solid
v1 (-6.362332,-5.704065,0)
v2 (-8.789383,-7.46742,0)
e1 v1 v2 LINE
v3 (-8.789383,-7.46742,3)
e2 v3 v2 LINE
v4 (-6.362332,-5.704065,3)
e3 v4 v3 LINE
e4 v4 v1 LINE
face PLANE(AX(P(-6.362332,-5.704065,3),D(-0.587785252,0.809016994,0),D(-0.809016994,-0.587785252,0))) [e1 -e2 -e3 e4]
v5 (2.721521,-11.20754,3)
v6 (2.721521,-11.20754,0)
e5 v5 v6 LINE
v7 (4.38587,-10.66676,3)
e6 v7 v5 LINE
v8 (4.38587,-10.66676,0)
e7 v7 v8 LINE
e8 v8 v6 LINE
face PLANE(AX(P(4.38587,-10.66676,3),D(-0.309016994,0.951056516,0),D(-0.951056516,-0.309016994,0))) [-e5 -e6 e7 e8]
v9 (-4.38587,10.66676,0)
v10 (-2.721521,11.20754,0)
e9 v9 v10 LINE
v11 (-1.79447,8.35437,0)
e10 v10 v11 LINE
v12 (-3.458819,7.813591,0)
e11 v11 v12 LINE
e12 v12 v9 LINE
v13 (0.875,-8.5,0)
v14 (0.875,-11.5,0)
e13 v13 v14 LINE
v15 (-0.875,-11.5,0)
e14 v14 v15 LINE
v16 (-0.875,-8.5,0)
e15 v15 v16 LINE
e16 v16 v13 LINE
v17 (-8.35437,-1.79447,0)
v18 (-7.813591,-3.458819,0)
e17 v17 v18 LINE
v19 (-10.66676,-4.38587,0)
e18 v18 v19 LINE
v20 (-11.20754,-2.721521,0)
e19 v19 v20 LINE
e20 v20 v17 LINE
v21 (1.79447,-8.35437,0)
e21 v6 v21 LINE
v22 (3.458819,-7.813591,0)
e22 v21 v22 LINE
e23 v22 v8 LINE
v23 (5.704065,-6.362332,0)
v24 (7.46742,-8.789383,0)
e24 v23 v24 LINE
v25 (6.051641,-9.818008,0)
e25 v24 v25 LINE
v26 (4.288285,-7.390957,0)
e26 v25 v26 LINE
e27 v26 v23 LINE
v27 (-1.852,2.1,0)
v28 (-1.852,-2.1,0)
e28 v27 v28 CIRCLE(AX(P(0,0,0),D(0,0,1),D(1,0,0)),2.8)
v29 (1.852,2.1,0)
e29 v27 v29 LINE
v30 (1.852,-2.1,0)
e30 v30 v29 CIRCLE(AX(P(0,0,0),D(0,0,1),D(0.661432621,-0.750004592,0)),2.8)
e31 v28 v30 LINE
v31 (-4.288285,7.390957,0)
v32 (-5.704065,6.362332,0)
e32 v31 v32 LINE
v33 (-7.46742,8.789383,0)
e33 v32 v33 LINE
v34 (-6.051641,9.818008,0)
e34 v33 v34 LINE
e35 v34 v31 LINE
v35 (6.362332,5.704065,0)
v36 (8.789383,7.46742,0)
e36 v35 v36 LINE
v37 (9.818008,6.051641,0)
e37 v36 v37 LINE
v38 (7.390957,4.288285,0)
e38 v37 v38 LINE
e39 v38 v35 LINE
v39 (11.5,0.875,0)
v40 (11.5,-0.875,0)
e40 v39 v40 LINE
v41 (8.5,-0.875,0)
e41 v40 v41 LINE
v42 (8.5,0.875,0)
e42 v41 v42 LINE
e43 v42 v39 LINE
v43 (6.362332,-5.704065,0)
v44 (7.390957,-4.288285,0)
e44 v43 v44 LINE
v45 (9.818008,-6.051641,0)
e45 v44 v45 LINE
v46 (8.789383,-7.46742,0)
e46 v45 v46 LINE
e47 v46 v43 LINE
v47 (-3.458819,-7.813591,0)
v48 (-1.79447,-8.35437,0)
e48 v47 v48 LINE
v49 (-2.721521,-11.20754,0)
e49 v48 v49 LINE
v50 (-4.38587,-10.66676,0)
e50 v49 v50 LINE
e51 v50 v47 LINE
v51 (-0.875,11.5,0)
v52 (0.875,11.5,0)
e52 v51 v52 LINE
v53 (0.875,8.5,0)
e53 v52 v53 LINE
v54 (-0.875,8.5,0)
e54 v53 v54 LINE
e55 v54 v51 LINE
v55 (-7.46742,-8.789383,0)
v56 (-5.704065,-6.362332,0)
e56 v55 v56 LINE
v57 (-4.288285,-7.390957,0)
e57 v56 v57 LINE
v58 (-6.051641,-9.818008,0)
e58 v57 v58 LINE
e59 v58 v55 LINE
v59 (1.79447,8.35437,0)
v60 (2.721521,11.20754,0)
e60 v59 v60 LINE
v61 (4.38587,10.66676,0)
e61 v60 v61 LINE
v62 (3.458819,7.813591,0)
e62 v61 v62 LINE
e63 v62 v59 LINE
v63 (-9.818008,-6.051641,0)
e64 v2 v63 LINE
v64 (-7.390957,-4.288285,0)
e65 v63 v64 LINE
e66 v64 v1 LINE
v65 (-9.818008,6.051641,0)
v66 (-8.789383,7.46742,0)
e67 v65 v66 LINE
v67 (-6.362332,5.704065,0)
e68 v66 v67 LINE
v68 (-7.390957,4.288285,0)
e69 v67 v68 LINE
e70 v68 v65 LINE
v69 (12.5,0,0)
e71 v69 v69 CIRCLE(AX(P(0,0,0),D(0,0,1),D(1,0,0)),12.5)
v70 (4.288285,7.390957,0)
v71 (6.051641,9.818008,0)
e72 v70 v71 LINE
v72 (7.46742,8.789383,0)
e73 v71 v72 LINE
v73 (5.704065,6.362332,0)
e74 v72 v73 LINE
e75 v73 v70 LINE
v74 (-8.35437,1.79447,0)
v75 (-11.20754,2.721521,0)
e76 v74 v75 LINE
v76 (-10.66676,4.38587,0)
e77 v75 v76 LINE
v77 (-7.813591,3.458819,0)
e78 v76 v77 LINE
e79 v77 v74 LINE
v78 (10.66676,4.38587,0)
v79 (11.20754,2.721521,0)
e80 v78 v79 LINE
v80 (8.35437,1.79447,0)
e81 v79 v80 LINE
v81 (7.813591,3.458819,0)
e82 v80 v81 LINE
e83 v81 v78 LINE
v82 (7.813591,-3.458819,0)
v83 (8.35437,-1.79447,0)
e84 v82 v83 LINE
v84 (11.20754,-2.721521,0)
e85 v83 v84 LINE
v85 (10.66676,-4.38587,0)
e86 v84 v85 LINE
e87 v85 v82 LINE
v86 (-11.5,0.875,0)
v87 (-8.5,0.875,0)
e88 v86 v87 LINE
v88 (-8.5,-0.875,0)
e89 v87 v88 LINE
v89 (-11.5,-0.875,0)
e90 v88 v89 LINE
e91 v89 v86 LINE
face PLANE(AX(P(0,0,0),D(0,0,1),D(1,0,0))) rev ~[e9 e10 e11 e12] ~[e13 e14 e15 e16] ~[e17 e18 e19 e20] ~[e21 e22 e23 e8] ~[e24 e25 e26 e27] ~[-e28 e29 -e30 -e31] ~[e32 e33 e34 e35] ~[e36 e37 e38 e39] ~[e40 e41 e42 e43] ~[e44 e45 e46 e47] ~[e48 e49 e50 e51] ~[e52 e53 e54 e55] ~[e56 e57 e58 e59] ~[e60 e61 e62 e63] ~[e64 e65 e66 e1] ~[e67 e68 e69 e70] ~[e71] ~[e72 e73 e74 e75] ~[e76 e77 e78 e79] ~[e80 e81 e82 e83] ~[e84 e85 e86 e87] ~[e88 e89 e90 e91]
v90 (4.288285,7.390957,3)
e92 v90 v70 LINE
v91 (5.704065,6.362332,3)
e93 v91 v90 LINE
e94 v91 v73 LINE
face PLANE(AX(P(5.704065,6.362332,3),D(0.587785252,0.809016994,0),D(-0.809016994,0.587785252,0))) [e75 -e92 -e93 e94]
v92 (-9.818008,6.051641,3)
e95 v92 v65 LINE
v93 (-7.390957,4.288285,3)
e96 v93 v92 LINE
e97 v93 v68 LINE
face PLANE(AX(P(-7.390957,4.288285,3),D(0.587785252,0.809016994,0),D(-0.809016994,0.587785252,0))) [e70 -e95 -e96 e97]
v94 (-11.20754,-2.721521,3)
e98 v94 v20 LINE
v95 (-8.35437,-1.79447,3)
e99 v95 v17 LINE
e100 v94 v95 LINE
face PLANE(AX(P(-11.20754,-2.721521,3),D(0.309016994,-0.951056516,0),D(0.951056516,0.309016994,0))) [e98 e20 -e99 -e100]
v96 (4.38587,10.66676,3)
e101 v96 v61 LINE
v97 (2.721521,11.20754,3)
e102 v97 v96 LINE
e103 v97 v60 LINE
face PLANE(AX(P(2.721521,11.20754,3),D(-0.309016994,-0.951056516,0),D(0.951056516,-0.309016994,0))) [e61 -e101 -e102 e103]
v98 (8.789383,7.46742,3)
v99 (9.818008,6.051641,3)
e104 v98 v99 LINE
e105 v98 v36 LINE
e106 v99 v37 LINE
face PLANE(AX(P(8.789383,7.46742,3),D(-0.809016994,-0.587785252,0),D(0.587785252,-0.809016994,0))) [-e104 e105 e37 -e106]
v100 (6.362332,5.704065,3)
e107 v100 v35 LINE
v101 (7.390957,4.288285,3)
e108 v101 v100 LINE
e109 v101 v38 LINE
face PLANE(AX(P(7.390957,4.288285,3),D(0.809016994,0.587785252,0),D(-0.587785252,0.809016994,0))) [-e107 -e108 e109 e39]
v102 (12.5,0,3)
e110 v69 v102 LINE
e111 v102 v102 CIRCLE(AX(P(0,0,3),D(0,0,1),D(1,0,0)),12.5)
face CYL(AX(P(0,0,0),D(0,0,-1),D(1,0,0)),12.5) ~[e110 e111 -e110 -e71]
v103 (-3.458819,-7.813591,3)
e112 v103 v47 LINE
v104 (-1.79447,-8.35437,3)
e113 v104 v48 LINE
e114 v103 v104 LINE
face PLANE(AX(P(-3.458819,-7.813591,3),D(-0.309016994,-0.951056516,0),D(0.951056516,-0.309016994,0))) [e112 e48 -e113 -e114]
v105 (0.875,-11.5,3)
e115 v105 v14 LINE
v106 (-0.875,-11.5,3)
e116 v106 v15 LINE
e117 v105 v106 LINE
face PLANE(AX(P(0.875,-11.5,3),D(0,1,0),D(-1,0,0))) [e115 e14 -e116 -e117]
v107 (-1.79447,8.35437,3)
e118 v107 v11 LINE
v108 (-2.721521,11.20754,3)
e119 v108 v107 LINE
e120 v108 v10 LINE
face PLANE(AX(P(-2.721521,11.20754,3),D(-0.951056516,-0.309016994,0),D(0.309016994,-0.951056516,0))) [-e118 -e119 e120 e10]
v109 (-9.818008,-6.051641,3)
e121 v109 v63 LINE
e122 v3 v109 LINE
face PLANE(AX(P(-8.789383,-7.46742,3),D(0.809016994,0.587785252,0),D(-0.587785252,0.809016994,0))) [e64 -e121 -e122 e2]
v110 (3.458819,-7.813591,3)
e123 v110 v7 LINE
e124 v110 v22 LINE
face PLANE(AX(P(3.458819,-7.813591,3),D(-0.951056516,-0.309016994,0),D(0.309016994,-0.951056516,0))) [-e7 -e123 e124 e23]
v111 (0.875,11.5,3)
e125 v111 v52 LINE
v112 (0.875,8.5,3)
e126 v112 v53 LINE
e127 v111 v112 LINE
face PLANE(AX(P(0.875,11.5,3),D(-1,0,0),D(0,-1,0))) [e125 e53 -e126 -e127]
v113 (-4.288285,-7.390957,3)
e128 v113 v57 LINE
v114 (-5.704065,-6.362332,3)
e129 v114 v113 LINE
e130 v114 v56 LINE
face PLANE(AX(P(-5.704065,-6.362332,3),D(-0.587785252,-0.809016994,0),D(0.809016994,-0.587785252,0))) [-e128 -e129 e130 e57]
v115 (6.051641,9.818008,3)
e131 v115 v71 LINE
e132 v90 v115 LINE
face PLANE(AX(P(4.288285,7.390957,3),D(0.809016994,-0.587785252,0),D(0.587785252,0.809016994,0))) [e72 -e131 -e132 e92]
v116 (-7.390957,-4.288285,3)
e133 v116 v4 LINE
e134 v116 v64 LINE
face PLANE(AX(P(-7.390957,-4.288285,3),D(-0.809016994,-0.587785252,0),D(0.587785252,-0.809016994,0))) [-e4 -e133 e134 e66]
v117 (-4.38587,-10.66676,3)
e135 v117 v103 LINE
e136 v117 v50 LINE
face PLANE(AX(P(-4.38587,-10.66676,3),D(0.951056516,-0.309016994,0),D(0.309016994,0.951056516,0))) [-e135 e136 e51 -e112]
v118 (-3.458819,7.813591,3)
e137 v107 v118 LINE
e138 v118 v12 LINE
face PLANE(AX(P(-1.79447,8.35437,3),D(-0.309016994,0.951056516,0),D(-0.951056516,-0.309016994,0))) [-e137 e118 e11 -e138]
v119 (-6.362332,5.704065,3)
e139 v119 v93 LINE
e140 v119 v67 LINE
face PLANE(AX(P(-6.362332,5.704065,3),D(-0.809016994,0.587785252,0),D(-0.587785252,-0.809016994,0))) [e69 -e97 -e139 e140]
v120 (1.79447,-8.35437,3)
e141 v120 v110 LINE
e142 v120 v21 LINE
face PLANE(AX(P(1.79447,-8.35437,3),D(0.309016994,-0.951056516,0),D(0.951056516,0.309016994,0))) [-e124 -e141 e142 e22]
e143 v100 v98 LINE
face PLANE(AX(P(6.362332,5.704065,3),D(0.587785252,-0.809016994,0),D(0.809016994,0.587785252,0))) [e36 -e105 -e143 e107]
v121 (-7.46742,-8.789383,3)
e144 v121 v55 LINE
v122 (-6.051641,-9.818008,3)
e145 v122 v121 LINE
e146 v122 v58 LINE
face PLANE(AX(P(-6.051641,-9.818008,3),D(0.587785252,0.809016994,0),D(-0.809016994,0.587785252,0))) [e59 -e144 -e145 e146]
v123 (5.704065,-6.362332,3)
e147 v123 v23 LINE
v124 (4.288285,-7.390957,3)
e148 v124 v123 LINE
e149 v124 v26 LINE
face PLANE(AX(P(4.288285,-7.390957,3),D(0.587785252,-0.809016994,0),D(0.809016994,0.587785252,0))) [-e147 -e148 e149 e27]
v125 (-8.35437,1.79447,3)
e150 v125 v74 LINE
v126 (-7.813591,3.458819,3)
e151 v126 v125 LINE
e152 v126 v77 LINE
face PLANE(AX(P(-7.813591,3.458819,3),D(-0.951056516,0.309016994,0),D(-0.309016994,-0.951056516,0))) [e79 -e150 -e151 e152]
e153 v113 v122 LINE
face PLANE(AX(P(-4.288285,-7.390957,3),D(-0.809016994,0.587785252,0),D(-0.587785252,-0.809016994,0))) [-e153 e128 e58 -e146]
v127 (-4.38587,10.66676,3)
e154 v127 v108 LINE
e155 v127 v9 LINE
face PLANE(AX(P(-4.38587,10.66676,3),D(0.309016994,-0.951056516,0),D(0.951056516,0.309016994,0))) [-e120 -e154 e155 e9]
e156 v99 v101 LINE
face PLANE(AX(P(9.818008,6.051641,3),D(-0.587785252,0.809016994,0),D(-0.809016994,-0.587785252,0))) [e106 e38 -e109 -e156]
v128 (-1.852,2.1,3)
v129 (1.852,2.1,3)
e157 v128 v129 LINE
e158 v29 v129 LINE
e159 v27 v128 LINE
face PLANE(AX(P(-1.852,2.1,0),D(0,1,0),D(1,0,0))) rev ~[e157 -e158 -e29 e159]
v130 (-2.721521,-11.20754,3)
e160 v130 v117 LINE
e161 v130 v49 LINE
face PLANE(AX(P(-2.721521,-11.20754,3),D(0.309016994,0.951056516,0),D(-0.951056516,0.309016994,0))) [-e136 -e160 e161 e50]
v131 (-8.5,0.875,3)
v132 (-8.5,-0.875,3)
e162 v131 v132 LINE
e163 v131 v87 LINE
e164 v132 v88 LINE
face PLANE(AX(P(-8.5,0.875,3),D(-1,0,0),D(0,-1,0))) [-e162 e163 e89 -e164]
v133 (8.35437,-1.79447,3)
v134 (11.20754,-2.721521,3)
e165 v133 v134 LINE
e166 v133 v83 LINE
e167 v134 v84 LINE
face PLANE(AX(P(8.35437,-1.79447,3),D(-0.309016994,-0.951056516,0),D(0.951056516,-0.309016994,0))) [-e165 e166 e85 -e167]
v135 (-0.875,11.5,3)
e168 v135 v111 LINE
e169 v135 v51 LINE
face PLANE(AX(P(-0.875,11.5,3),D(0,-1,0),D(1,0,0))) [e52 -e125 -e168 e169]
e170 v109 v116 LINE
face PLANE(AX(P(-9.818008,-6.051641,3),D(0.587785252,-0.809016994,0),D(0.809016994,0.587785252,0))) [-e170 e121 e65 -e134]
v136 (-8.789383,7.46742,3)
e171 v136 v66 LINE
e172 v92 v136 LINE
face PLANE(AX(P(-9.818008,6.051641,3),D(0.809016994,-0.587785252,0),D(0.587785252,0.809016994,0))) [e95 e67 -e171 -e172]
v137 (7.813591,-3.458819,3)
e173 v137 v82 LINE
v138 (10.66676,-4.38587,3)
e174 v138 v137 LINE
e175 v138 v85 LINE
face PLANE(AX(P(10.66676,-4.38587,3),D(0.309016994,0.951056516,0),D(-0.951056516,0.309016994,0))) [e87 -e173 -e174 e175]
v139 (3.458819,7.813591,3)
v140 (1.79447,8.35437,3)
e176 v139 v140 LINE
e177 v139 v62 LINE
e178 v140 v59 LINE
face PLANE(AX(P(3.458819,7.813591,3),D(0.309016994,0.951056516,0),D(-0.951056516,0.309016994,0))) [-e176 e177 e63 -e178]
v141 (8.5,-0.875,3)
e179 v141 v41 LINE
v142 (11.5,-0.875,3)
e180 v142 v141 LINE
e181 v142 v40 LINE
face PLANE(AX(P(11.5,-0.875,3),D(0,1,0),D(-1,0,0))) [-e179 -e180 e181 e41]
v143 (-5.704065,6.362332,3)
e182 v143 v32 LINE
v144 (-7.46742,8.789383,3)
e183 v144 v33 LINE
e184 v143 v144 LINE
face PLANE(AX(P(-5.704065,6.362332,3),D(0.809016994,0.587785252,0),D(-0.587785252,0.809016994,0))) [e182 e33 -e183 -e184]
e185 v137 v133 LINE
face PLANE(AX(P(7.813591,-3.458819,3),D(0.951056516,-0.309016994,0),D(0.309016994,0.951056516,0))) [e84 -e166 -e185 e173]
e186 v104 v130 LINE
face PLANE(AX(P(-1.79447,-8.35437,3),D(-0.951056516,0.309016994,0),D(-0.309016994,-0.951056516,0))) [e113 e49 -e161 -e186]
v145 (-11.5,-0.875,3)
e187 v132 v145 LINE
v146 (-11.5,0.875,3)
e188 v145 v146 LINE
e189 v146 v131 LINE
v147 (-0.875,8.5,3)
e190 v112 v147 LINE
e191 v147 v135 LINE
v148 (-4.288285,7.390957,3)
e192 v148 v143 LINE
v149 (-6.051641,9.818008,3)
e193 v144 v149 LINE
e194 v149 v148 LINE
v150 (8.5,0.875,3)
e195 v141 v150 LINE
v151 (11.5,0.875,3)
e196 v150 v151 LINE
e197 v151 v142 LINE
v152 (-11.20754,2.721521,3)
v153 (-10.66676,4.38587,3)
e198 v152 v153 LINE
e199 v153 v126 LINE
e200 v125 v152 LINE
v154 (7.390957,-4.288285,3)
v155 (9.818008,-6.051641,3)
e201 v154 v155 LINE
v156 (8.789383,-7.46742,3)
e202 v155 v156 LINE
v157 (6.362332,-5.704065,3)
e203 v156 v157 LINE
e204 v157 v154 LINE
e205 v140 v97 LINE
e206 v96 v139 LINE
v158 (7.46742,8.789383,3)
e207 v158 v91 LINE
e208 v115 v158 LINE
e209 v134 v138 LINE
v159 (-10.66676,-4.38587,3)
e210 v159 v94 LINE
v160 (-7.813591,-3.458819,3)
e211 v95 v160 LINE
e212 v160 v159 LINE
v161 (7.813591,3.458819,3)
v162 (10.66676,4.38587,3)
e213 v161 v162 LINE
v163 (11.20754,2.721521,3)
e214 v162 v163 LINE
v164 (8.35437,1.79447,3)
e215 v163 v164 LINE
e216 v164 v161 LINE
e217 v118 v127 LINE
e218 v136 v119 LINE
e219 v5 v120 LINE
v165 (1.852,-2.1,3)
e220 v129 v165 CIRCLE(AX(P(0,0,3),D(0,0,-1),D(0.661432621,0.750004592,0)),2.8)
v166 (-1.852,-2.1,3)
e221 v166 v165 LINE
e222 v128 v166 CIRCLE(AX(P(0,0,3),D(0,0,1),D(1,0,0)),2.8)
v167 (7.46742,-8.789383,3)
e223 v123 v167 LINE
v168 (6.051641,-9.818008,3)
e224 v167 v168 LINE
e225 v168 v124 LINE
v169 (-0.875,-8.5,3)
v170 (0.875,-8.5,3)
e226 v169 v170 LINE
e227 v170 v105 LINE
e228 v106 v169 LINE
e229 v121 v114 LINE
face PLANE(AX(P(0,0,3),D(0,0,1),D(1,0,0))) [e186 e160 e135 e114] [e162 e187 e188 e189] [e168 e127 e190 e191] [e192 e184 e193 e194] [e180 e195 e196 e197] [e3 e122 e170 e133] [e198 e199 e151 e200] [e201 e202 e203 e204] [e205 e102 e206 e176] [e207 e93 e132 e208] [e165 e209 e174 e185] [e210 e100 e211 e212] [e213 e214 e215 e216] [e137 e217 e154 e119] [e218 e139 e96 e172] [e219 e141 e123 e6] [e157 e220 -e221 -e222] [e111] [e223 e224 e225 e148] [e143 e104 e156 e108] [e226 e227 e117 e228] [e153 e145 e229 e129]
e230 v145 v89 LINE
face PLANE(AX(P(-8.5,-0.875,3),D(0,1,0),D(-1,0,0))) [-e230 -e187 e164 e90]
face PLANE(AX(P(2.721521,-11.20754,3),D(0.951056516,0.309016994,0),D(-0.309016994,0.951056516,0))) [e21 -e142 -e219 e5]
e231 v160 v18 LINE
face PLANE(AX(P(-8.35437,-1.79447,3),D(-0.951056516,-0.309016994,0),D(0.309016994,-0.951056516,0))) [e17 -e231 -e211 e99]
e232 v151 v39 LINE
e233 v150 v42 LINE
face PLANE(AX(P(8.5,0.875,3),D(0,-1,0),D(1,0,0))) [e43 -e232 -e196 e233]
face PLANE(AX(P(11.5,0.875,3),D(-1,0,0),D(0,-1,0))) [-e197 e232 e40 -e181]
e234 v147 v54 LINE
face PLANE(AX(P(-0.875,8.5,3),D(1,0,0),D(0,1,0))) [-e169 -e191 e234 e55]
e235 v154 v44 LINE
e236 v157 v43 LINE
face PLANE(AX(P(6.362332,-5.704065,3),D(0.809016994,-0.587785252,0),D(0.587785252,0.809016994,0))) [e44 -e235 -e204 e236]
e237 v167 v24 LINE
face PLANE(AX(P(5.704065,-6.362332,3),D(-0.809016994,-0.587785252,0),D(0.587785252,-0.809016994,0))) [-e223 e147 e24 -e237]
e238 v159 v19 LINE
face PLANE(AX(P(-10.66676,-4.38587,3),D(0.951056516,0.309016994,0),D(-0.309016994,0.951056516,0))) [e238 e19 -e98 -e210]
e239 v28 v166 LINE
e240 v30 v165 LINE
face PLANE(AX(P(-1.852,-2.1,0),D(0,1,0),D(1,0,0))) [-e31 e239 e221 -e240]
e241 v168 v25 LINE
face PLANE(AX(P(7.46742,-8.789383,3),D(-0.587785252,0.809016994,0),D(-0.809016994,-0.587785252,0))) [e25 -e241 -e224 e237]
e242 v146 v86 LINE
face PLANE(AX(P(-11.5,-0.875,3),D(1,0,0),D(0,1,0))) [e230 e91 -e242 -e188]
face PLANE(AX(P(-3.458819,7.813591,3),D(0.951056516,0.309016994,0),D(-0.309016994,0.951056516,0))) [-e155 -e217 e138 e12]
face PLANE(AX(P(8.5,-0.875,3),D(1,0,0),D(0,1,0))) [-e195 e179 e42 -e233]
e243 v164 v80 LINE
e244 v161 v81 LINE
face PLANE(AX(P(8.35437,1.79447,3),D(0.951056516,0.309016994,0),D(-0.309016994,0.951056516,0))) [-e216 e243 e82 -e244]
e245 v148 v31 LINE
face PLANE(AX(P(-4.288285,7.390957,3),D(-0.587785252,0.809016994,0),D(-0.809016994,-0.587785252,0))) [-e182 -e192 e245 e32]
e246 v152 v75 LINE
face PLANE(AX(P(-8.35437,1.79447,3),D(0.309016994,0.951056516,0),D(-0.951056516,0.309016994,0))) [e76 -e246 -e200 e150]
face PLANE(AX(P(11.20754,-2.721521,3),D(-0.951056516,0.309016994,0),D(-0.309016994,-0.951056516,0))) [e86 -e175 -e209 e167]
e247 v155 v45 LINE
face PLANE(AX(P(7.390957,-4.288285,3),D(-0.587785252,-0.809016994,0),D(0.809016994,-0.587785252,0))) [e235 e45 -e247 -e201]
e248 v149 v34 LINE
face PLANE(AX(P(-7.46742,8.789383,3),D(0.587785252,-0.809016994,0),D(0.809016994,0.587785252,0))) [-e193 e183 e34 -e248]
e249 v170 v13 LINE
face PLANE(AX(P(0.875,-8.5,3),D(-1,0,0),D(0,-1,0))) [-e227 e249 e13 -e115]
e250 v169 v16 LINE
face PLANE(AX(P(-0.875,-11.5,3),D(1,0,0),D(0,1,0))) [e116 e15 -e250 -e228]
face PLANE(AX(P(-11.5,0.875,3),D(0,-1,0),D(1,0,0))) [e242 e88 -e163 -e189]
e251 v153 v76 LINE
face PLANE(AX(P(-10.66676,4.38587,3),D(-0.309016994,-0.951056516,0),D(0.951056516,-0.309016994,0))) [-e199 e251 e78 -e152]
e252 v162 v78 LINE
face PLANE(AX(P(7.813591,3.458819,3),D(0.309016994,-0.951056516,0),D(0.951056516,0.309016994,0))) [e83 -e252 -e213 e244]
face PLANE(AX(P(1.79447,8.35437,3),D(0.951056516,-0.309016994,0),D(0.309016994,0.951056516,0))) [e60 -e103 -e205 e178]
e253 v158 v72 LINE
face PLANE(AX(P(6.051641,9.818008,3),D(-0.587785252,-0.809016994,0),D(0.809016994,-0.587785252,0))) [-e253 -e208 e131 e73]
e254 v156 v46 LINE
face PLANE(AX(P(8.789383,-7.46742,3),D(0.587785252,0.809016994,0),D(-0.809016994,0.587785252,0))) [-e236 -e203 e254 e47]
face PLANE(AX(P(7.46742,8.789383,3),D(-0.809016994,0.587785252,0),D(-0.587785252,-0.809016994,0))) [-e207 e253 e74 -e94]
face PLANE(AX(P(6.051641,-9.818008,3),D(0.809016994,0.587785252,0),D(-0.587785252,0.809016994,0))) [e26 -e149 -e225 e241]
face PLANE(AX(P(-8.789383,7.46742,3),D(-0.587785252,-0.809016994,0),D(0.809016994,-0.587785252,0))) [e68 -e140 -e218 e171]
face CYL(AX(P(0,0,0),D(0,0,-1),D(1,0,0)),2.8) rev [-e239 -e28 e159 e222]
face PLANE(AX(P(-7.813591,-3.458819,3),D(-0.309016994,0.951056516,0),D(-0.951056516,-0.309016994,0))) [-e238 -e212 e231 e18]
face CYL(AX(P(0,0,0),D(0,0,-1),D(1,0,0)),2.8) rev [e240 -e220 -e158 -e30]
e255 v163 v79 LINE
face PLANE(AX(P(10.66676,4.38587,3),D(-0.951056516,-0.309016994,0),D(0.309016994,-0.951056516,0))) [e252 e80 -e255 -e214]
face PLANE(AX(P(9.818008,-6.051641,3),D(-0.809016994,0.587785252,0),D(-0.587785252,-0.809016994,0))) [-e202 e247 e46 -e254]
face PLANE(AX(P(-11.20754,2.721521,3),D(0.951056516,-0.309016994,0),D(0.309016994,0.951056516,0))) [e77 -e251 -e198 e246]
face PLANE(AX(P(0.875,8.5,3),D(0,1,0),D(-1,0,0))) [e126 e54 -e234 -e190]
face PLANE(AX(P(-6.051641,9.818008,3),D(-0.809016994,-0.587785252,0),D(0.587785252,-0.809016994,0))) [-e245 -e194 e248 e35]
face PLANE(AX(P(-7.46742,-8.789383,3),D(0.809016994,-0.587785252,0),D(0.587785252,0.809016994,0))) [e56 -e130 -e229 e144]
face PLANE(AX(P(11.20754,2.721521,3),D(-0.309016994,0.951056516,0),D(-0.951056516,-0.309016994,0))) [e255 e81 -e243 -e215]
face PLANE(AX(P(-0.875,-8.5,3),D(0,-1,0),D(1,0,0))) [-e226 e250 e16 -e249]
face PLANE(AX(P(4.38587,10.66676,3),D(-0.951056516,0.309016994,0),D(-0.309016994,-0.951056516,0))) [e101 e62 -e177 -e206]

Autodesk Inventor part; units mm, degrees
ref_plane "YZ Plane" through (0, 0, 0) normal (1, 0, 0) x (0, 1, 0)
ref_plane "XZ Plane" through (0, 0, 0) normal (0, 1, 0) x (-1, 0, 0)
ref_plane "XY Plane" through (0, 0, 0) normal (0, 0, 1) x (1, 0, 0)
sketch "Boceto1" plane through (0, 0, 0) normal (0, 0, 1) x (1, 0, 0)
  circle A0 centre (0, 0) radius 12.5
  circle A1 centre (0, 0) radius 2.8
  line L0 (-1.852, 2.1) -> (1.852, 2.1)
  line L1 (-1.852, -2.1) -> (1.852, -2.1)
  dimension "d0" = 25
  dimension "d1" = 5.6
  dimension "d2" = 2.1
  dimension "d3" = 2.1
extrude "Extrusión1" add sketch "Boceto1" along normal blind 3 contours A0 | L0 A1 | A1 L1
sketch "Boceto2" plane through (0, 0, 3) normal (0, 0, 1) x (1, 0, 0)
  line L0 (-0.875, 11.5) -> (0.875, 11.5)
  line L1 (0.875, 11.5) -> (0.875, 8.5)
  line L2 (0.875, 8.5) -> (-0.875, 8.5)
  line L3 (-0.875, 8.5) -> (-0.875, 11.5)
  point P0 (0, 0)
  point P1 (0, 11.5)
  dimension "d6" = 3
  dimension "d7" = 1.75
  dimension "d8" = 8.5
extrude "Extrusión2" cut sketch "Boceto2" against normal through all
pattern_circular "Patrón circular1" count 20 over 360 about axis through (0, 0, -10) along (0, 0, 1) of "Extrusión2"
properties part number "Disco_encoder"
